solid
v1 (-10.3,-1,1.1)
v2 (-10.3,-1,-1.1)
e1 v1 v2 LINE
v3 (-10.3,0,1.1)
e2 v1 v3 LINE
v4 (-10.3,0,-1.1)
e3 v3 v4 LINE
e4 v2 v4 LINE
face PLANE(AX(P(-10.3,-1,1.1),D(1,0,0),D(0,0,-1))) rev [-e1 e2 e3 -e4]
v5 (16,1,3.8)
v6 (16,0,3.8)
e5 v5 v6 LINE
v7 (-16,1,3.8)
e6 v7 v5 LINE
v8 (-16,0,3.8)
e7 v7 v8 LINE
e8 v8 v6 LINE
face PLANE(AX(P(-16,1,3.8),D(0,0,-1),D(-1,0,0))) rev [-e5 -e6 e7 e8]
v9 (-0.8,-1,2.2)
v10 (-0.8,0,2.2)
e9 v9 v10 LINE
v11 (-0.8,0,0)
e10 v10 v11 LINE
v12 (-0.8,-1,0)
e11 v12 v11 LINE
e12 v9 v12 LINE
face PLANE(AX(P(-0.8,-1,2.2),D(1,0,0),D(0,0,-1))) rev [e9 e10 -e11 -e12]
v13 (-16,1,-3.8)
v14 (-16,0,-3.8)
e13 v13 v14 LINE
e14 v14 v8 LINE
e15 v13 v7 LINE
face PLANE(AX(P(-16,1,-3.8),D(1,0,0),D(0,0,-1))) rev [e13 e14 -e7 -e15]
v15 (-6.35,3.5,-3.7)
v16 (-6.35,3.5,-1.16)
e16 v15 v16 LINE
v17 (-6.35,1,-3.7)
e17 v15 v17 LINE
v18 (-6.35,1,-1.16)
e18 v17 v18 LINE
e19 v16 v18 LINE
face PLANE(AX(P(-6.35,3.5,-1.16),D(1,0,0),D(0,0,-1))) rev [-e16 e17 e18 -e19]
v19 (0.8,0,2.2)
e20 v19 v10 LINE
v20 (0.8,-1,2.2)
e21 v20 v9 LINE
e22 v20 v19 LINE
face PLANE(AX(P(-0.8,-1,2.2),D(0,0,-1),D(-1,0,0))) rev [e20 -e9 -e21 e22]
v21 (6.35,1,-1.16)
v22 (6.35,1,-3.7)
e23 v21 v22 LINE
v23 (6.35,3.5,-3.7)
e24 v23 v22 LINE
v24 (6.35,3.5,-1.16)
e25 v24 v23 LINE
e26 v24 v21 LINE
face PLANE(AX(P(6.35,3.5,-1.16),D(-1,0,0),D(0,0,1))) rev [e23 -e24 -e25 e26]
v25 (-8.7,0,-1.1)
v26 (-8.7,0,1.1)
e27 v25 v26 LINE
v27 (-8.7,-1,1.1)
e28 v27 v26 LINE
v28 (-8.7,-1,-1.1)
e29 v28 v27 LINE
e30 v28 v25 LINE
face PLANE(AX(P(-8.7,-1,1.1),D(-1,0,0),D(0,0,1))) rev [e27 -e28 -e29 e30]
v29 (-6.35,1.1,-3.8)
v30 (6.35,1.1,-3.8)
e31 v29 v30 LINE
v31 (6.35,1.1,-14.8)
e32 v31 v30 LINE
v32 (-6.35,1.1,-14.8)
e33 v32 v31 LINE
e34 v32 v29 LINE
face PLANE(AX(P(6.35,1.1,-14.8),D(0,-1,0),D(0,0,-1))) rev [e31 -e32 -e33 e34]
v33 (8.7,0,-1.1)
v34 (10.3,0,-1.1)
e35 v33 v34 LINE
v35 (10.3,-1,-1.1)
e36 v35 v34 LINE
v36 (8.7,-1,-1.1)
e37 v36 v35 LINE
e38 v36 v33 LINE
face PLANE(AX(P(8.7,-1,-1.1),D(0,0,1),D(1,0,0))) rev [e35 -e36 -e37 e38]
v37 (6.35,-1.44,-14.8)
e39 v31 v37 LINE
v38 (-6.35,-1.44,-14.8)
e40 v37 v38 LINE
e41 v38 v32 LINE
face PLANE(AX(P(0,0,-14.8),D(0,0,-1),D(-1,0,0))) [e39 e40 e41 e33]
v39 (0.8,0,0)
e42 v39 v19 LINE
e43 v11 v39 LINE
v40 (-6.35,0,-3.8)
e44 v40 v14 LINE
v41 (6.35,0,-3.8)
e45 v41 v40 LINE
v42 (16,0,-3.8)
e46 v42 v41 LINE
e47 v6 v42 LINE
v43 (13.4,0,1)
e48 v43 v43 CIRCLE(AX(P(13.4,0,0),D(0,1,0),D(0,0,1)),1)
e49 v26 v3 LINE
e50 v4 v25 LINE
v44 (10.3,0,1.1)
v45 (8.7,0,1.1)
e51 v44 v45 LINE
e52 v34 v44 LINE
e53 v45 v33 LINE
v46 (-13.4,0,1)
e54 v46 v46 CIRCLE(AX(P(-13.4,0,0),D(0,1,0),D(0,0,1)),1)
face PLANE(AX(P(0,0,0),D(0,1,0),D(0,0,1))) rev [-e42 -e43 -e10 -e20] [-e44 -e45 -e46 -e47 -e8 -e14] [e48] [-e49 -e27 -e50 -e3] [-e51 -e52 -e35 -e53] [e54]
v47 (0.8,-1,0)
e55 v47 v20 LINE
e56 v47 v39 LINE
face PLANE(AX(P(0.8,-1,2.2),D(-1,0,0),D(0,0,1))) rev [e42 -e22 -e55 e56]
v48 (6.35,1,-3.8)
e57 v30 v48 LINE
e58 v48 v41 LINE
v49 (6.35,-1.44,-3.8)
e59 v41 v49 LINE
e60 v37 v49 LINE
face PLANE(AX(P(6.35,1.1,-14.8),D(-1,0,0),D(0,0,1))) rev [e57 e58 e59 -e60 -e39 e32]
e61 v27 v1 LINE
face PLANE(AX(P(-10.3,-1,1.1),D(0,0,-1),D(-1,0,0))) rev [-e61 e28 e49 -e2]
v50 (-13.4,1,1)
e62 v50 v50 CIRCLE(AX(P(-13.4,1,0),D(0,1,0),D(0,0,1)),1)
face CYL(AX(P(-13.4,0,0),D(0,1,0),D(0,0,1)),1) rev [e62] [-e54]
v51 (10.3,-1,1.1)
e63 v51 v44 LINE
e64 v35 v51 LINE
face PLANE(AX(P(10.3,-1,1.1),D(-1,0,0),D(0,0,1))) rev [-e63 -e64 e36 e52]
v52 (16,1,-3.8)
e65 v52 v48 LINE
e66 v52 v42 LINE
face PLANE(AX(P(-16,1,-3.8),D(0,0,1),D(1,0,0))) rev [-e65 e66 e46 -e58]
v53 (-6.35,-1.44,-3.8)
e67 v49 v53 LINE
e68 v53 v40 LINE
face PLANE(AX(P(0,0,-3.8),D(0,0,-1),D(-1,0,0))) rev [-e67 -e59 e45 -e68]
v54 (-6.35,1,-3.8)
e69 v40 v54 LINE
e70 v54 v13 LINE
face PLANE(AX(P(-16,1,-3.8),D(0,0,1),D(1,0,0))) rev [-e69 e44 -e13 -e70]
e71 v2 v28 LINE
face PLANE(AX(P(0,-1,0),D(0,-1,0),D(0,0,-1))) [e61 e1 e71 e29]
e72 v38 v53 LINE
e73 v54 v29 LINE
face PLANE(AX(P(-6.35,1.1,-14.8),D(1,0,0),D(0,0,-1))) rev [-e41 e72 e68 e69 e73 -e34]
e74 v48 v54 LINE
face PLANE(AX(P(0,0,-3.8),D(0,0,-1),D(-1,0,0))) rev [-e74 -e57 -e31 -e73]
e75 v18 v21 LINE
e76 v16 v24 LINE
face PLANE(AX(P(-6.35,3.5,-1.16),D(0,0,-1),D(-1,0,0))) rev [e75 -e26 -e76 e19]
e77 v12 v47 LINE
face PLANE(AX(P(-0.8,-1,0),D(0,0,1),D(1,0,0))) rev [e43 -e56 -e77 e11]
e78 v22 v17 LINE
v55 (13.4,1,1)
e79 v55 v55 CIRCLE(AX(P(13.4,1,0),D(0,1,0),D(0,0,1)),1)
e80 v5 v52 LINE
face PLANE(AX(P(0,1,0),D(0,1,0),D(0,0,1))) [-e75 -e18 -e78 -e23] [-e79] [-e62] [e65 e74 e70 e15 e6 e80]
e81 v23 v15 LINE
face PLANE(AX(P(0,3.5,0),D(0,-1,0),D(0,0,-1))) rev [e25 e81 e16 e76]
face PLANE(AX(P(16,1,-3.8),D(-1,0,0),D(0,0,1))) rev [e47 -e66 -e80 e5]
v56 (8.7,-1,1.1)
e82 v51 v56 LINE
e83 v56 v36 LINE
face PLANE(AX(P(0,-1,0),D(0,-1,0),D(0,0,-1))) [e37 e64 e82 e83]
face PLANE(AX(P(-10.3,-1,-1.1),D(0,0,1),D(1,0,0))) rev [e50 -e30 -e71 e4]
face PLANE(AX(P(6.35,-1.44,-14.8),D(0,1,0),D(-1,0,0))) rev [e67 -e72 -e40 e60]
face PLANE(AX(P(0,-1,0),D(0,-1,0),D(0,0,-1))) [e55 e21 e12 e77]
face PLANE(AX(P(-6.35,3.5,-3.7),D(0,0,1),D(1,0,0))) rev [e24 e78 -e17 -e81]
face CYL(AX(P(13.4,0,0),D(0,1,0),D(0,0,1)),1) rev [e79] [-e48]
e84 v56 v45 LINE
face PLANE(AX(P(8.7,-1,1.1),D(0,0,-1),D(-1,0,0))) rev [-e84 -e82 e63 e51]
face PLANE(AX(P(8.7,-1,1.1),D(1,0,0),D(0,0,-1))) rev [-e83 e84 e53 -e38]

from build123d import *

# Parameters (mm, degrees)
SKETCH1_W           = 32
SKETCH1_H           = 7.6
BOSS_EXTRUDE1_DEPTH = 1
SKETCH2_R           = 1
CUT_EXTRUDE1_DEPTH  = 17.475436261
SKETCH3_W           = 1.6
SKETCH3_H           = 2.2
BOSS_EXTRUDE2_DEPTH = 1
SKETCH4_W           = 12.7
SKETCH4_H           = 2.54
BOSS_EXTRUDE3_DEPTH = 11
SKETCH5_W           = 12.7
SKETCH5_H           = 2.54
BOSS_EXTRUDE4_DEPTH = 2.5


with BuildPart() as part:
    # Sketch1 → Boss-Extrude1 (new body)
    with BuildSketch(Plane(origin=(0, 0, 0), x_dir=(1, 0, 0), z_dir=(0, 1, 0))):
        Rectangle(SKETCH1_W, SKETCH1_H)
    extrude(amount=BOSS_EXTRUDE1_DEPTH)

    # Sketch2 → Cut-Extrude1 (cut, through all)
    with BuildSketch(Plane(origin=(0, 1, 0), x_dir=(1, 0, 0), z_dir=(0, 1, 0))):
        with Locations(Location((-13.4, 0, 0), (0, 0, 270))):
            Circle(SKETCH2_R)
        with Locations(Location((13.4, 0, 0), (0, 0, 270))):
            Circle(SKETCH2_R)
    extrude(amount=-CUT_EXTRUDE1_DEPTH, mode=Mode.SUBTRACT)

    # Sketch3 → Boss-Extrude2 (add)
    with BuildSketch(Plane.XZ):
        with Locations((-9.5, 0)):
            Rectangle(SKETCH3_W, SKETCH3_H)
        with Locations((9.5, 0)):
            Rectangle(SKETCH3_W, SKETCH3_H)
        with Locations((0, 1.1)):
            Rectangle(SKETCH3_W, SKETCH3_H)
    extrude(amount=BOSS_EXTRUDE2_DEPTH)

    # Sketch4 → Boss-Extrude3 (add)
    with BuildSketch(Plane(origin=(0, 0, -3.8), x_dir=(-1, 0, 0), z_dir=(0, 0, -1))):
        with Locations((0, -0.17)):
            Rectangle(SKETCH4_W, SKETCH4_H)
    extrude(amount=BOSS_EXTRUDE3_DEPTH)

    # Sketch5 → Boss-Extrude4 (add)
    with BuildSketch(Plane(origin=(0, 1, 0), x_dir=(1, 0, 0), z_dir=(0, 1, 0))):
        with Locations((0, 2.43)):
            Rectangle(SKETCH5_W, SKETCH5_H)
    extrude(amount=BOSS_EXTRUDE4_DEPTH)


solid = part.part
